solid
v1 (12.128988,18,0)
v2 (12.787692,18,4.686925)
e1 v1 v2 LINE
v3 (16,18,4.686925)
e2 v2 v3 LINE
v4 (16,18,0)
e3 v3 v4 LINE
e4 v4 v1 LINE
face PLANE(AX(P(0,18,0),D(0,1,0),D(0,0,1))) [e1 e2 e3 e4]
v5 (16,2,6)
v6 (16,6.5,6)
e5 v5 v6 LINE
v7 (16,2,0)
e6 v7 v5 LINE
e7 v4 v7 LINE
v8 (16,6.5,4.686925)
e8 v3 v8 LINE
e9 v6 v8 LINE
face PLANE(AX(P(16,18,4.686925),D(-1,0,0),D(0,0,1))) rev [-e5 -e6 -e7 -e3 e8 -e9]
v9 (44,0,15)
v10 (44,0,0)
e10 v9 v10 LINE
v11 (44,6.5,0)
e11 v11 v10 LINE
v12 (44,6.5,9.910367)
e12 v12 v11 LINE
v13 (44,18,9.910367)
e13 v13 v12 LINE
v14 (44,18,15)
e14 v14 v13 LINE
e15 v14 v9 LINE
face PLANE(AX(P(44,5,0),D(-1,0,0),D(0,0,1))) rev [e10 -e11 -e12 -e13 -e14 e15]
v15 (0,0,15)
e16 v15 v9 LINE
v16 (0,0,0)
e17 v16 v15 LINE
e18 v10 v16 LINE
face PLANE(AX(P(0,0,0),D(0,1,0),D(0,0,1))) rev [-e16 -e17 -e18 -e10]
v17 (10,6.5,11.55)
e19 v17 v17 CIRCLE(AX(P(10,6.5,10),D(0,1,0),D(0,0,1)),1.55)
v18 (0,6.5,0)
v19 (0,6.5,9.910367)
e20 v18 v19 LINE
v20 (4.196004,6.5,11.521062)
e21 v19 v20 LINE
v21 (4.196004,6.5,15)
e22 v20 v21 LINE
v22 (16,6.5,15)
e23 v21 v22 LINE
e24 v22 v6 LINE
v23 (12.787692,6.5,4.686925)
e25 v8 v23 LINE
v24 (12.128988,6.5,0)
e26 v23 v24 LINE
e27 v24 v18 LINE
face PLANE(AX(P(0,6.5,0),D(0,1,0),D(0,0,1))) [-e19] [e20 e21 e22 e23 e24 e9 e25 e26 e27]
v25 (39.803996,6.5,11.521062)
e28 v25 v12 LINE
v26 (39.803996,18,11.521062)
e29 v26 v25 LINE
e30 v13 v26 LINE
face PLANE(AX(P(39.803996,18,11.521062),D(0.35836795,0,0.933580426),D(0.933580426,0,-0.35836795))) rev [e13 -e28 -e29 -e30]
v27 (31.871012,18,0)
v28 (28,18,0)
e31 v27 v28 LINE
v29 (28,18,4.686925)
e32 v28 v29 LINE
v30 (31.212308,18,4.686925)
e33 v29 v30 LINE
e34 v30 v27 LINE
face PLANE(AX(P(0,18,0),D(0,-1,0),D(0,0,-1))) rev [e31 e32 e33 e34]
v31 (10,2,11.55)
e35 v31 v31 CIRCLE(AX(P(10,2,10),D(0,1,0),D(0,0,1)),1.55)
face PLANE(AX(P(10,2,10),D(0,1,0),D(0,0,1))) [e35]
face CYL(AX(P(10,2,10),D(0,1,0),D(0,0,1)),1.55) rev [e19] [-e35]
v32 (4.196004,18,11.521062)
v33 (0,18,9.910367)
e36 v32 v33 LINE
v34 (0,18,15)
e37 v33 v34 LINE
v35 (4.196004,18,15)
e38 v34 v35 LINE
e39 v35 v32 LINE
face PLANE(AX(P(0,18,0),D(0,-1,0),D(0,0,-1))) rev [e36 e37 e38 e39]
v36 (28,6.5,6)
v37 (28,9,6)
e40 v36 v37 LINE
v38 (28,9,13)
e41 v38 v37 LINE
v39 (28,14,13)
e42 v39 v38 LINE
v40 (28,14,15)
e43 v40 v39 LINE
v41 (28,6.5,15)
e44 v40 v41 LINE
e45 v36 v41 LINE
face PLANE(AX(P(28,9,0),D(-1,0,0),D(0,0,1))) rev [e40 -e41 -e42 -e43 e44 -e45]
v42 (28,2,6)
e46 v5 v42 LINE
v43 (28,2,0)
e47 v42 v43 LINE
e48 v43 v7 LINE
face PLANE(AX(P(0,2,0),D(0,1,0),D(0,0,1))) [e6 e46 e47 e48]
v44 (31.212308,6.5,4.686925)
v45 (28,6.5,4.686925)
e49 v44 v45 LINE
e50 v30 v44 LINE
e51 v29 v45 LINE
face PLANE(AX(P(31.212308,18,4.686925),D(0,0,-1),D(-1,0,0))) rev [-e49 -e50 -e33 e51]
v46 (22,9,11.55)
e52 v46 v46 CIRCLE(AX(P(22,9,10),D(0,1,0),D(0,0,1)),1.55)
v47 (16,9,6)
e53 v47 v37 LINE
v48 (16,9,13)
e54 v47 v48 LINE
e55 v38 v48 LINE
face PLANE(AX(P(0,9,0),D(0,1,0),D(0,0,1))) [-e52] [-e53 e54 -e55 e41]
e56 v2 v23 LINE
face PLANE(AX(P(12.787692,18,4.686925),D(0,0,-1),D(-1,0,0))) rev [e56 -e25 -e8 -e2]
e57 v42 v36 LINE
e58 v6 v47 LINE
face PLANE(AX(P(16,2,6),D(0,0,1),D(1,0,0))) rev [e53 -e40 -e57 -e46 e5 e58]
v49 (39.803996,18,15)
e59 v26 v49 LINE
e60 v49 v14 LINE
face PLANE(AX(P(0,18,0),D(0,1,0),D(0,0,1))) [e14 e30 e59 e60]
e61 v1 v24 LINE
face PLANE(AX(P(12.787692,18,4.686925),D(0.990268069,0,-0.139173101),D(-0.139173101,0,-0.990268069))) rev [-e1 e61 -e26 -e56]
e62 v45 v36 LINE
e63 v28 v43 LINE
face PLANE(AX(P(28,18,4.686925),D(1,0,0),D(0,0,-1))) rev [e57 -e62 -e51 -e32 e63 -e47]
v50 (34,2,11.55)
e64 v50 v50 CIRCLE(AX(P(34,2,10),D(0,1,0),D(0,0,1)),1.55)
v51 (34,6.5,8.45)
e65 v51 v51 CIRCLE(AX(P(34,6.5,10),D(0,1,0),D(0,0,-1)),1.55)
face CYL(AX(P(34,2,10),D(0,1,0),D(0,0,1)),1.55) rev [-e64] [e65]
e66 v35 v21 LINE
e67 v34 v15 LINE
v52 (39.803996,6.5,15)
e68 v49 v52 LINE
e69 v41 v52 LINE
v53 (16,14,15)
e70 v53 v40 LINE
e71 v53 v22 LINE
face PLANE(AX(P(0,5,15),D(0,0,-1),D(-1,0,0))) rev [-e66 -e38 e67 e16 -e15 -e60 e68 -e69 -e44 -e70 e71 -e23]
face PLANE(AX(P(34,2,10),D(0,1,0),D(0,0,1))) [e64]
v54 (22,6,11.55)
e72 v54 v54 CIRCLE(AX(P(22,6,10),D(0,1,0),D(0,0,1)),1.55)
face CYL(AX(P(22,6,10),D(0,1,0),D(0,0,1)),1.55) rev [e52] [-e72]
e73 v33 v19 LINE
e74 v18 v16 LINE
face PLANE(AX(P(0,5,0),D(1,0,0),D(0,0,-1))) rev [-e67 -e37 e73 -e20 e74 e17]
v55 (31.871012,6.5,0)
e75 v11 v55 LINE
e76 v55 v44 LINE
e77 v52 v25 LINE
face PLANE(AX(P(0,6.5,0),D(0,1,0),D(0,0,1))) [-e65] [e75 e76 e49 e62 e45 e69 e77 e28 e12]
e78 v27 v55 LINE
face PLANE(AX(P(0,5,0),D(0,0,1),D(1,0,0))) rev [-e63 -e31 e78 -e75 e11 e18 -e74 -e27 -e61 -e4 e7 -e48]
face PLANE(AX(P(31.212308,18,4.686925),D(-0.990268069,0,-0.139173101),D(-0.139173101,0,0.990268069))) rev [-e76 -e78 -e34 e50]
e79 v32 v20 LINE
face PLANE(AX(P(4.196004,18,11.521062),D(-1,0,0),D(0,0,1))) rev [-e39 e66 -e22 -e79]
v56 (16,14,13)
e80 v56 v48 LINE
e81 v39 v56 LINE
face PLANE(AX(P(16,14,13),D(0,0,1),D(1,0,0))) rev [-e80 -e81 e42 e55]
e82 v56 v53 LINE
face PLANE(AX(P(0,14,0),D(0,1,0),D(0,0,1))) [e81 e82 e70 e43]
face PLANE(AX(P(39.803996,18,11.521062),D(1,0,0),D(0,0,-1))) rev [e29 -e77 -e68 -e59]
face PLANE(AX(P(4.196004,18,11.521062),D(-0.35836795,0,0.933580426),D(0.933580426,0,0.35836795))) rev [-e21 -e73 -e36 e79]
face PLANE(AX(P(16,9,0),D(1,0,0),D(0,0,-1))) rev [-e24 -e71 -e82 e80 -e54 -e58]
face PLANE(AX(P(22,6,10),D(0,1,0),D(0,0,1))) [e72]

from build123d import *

# Parameters (mm, degrees)
SKETCH1_W           = 44
SKETCH1_H           = 15
BOSS_EXTRUDE1_DEPTH = 5
SKETCH2_W           = 12
SKETCH2_H           = 15
BOSS_EXTRUDE2_DEPTH = 4
SKETCH3_R           = 1.55
CUT_EXTRUDE1_DEPTH  = 3
SKETCH4_R           = 1.55
CUT_EXTRUDE2_DEPTH  = 3
SKETCH6_W           = 12
SKETCH6_H           = 2
BOSS_EXTRUDE4_DEPTH = 5
BOSS_EXTRUDE5_DEPTH = 13
SKETCH10_W          = 12
SKETCH10_H          = 6
CUT_EXTRUDE4_DEPTH  = 7
SKETCH11_R          = 1.55
BOSS_EXTRUDE6_DEPTH = 1.5


with BuildPart() as part:
    # Sketch1 → Boss-Extrude1 (new body)
    with BuildSketch(Plane(origin=(0, 0, 0), x_dir=(1, 0, 0), z_dir=(0, 1, 0))):
        with Locations((22, -7.5)):
            Rectangle(SKETCH1_W, SKETCH1_H)
    extrude(amount=BOSS_EXTRUDE1_DEPTH)

    # Sketch2 → Boss-Extrude2 (add)
    with BuildSketch(Plane(origin=(0, 5, 0), x_dir=(1, 0, 0), z_dir=(0, 1, 0))):
        with Locations((22, -7.5)):
            Rectangle(SKETCH2_W, SKETCH2_H)
    extrude(amount=BOSS_EXTRUDE2_DEPTH)

    # Sketch3 → Cut-Extrude1 (cut)
    with BuildSketch(Plane(origin=(0, 5, 0), x_dir=(1, 0, 0), z_dir=(0, 1, 0))):
        with Locations((10, -10)):
            Circle(SKETCH3_R)
        with Locations((34, -10)):
            Circle(SKETCH3_R)
    extrude(amount=-CUT_EXTRUDE1_DEPTH, mode=Mode.SUBTRACT)

    # Sketch4 → Cut-Extrude2 (cut)
    with BuildSketch(Plane(origin=(0, 9, 0), x_dir=(1, 0, 0), z_dir=(0, 1, 0))):
        with Locations((22, -10)):
            Circle(SKETCH4_R)
    extrude(amount=-CUT_EXTRUDE2_DEPTH, mode=Mode.SUBTRACT)

    # Sketch6 → Boss-Extrude4 (add)
    with BuildSketch(Plane(origin=(0, 9, 0), x_dir=(1, 0, 0), z_dir=(0, 1, 0))):
        with Locations((22, -14)):
            Rectangle(SKETCH6_W, SKETCH6_H)
    extrude(amount=BOSS_EXTRUDE4_DEPTH)

    # Sketch8 → Boss-Extrude5 (add)
    with BuildSketch(Plane(origin=(0, 5, 0), x_dir=(1, 0, 0), z_dir=(0, 1, 0))):
        Polygon((31.212307556, -4.686924541), (31.871011843, 0), (28, 0), (28, -4.686924541), align=None)
        Polygon((39.803996034, -11.521062141), (44, -9.910367127), (44, -15), (39.803996034, -15), align=None)
        Polygon((12.787692444, -4.686924541), (12.128988157, 0), (16, 0), (16, -4.686924541), align=None)
        Polygon((4.196003966, -11.521062141), (0, -9.910367127), (0, -15), (4.196003966, -15), align=None)
    extrude(amount=BOSS_EXTRUDE5_DEPTH)

    # Sketch10 → Cut-Extrude4 (cut)
    with BuildSketch(Plane(origin=(0, 9, 0), x_dir=(1, 0, 0), z_dir=(0, 1, 0))):
        with Locations((22, -3)):
            Rectangle(SKETCH10_W, SKETCH10_H)
    extrude(amount=-CUT_EXTRUDE4_DEPTH, mode=Mode.SUBTRACT)

    # Sketch11 → Boss-Extrude6 (add)
    with BuildSketch(Plane(origin=(0, 5, 0), x_dir=(1, 0, 0), z_dir=(0, 1, 0))):
        Polygon((16, -15), (16, -4.686924541), (12.787692444, -4.686924541), (12.128988157, 0), (0, 0), (0, -9.910367127), (4.196003966, -11.521062141), (4.196003966, -15), align=None)
        with Locations((10, -10)):
            Circle(SKETCH11_R, mode=Mode.SUBTRACT)
        Polygon((39.803996034, -11.521062141), (39.803996034, -15), (28, -15), (28, -4.686924541), (31.212307556, -4.686924541), (31.871011843, 0), (44, 0), (44, -9.910367127), align=None)
        with Locations((34, -10)):
            Circle(SKETCH11_R, mode=Mode.SUBTRACT)
    extrude(amount=BOSS_EXTRUDE6_DEPTH)


solid = part.part
